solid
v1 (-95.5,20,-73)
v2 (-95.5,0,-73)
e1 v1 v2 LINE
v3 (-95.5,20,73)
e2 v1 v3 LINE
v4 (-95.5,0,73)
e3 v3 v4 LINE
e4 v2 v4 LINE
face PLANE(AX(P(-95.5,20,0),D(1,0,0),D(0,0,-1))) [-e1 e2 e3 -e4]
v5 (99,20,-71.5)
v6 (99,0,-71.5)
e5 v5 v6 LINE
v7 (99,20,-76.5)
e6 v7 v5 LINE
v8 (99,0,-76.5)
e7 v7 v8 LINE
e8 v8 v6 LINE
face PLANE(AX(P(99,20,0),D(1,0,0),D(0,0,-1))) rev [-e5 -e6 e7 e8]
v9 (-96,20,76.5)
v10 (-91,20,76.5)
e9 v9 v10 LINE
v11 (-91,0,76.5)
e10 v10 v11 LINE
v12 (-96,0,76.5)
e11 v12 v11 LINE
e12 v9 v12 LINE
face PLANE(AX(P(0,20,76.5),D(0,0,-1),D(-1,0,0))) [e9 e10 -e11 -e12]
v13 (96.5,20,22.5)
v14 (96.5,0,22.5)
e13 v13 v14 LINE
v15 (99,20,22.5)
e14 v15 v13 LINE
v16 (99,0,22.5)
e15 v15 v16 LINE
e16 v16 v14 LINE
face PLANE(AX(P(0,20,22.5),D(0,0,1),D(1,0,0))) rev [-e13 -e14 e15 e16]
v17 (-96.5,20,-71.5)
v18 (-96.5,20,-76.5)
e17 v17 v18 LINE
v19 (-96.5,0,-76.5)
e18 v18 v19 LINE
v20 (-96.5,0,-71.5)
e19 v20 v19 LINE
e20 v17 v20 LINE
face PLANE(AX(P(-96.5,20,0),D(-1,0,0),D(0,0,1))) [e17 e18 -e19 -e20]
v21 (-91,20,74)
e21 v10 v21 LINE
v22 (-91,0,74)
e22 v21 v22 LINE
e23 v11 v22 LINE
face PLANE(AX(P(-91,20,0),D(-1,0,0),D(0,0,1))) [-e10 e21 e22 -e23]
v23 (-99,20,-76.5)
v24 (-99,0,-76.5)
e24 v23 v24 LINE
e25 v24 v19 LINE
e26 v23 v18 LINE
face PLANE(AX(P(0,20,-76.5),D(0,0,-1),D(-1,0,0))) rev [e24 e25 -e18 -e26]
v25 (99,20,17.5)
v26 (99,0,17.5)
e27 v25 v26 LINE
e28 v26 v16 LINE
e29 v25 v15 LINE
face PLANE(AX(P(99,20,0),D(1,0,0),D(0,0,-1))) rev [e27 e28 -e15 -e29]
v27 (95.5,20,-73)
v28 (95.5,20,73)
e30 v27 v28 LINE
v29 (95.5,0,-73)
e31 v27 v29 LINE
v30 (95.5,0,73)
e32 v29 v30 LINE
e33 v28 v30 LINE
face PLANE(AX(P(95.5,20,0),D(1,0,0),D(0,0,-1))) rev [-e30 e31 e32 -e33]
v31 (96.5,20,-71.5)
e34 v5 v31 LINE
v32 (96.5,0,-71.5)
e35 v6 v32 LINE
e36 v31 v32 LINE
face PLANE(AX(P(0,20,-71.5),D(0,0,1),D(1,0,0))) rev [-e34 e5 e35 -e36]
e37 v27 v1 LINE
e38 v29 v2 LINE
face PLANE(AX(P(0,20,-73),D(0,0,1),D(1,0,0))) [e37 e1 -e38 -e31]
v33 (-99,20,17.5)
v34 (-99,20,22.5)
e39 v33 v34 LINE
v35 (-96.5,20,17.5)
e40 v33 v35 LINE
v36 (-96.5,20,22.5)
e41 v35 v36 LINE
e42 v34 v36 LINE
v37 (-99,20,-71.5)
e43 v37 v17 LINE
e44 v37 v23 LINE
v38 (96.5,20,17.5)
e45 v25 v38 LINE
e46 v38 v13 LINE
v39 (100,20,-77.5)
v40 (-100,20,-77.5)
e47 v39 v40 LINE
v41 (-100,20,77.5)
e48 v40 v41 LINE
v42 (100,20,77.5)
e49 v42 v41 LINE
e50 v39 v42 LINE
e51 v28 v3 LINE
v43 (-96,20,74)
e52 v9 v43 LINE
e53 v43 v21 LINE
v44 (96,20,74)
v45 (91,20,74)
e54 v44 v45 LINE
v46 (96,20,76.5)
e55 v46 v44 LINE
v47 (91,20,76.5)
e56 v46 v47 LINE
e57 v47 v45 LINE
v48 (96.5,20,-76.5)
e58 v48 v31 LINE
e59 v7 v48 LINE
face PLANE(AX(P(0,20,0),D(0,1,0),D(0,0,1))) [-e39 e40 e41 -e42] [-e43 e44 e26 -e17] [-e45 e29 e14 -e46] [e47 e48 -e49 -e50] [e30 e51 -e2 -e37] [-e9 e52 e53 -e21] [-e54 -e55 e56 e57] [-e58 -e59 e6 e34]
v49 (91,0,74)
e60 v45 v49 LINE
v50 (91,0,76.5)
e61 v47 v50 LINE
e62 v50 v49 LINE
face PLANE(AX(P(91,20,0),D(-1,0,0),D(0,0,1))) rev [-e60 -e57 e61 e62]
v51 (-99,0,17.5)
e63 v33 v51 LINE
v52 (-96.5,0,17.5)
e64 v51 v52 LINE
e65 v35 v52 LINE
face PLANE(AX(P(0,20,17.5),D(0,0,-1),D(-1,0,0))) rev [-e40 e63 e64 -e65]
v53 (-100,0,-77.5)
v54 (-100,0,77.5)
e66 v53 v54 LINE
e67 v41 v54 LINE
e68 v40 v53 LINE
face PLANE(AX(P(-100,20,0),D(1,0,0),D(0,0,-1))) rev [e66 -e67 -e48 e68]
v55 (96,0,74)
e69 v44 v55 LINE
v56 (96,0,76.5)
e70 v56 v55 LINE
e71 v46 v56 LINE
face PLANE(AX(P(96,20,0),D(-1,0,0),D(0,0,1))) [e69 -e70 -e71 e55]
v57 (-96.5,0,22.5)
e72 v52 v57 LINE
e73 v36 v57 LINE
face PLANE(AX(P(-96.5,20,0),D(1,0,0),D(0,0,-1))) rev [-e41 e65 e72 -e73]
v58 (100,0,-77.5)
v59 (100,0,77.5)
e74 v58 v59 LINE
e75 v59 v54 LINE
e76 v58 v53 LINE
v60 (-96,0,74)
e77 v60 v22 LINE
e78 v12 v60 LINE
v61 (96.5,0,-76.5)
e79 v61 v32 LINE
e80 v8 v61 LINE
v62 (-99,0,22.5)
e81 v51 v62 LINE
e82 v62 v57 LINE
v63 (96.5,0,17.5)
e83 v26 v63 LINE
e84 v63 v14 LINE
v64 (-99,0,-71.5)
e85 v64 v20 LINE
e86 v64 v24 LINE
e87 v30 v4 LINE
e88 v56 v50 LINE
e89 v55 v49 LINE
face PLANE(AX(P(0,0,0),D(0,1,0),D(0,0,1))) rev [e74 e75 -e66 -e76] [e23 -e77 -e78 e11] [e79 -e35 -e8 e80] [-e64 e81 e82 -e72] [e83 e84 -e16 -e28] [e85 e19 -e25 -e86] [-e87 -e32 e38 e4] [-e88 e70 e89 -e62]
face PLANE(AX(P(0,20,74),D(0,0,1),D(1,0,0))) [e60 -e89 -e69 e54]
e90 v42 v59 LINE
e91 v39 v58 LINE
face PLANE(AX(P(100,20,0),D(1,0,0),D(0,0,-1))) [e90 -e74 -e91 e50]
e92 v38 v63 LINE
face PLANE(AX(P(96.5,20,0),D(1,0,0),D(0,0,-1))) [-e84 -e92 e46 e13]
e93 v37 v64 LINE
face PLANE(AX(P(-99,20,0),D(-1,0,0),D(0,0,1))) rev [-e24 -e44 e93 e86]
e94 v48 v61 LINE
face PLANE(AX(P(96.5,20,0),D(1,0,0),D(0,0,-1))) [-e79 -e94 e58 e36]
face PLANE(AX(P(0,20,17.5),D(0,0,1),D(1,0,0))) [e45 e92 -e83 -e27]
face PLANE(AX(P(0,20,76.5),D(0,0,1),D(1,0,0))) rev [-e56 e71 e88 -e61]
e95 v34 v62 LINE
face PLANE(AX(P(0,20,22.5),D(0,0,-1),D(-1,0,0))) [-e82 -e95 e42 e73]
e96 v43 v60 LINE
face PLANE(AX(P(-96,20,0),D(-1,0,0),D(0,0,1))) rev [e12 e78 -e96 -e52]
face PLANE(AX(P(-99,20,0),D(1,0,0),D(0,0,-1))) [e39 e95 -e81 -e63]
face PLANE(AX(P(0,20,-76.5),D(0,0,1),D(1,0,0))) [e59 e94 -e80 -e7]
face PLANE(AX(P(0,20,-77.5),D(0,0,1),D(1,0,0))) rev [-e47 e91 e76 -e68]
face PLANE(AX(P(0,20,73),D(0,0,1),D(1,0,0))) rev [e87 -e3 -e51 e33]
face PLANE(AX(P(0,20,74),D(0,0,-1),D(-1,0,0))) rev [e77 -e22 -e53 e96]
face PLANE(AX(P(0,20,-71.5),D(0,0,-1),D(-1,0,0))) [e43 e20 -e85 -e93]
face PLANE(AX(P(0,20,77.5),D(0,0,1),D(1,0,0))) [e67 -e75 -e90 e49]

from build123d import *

# Parameters (mm, degrees)
SKETCH1_W      = 200
SKETCH1_H      = 155
SKETCH1_W_2    = 191
SKETCH1_H_2    = 146
SKETCH1_W_3    = 5
SKETCH1_H_3    = 2.5
SKETCH1_W_4    = 2.5
SKETCH1_H_4    = 5
MAINBODY_DEPTH = 20


with BuildPart() as part:
    # Sketch1 → MainBody (new body)
    with BuildSketch(Plane(origin=(0, 0, 0), x_dir=(1, 0, 0), z_dir=(0, 1, 0))):
        Rectangle(SKETCH1_W, SKETCH1_H)
        Rectangle(SKETCH1_W_2, SKETCH1_H_2, mode=Mode.SUBTRACT)
        with Locations((93.5, -75.25)):
            Rectangle(SKETCH1_W_3, SKETCH1_H_3, mode=Mode.SUBTRACT)
        with Locations((-93.5, -75.25)):
            Rectangle(SKETCH1_W_3, SKETCH1_H_3, mode=Mode.SUBTRACT)
        with Locations((97.75, -20)):
            Rectangle(SKETCH1_W_4, SKETCH1_H_4, mode=Mode.SUBTRACT)
        with Locations((97.75, 74)):
            Rectangle(SKETCH1_W_4, SKETCH1_H_4, mode=Mode.SUBTRACT)
        with Locations((-97.75, -20)):
            Rectangle(SKETCH1_W_4, SKETCH1_H_4, mode=Mode.SUBTRACT)
        with Locations((-97.75, 74)):
            Rectangle(SKETCH1_W_4, SKETCH1_H_4, mode=Mode.SUBTRACT)
    extrude(amount=MAINBODY_DEPTH)


solid = part.part
